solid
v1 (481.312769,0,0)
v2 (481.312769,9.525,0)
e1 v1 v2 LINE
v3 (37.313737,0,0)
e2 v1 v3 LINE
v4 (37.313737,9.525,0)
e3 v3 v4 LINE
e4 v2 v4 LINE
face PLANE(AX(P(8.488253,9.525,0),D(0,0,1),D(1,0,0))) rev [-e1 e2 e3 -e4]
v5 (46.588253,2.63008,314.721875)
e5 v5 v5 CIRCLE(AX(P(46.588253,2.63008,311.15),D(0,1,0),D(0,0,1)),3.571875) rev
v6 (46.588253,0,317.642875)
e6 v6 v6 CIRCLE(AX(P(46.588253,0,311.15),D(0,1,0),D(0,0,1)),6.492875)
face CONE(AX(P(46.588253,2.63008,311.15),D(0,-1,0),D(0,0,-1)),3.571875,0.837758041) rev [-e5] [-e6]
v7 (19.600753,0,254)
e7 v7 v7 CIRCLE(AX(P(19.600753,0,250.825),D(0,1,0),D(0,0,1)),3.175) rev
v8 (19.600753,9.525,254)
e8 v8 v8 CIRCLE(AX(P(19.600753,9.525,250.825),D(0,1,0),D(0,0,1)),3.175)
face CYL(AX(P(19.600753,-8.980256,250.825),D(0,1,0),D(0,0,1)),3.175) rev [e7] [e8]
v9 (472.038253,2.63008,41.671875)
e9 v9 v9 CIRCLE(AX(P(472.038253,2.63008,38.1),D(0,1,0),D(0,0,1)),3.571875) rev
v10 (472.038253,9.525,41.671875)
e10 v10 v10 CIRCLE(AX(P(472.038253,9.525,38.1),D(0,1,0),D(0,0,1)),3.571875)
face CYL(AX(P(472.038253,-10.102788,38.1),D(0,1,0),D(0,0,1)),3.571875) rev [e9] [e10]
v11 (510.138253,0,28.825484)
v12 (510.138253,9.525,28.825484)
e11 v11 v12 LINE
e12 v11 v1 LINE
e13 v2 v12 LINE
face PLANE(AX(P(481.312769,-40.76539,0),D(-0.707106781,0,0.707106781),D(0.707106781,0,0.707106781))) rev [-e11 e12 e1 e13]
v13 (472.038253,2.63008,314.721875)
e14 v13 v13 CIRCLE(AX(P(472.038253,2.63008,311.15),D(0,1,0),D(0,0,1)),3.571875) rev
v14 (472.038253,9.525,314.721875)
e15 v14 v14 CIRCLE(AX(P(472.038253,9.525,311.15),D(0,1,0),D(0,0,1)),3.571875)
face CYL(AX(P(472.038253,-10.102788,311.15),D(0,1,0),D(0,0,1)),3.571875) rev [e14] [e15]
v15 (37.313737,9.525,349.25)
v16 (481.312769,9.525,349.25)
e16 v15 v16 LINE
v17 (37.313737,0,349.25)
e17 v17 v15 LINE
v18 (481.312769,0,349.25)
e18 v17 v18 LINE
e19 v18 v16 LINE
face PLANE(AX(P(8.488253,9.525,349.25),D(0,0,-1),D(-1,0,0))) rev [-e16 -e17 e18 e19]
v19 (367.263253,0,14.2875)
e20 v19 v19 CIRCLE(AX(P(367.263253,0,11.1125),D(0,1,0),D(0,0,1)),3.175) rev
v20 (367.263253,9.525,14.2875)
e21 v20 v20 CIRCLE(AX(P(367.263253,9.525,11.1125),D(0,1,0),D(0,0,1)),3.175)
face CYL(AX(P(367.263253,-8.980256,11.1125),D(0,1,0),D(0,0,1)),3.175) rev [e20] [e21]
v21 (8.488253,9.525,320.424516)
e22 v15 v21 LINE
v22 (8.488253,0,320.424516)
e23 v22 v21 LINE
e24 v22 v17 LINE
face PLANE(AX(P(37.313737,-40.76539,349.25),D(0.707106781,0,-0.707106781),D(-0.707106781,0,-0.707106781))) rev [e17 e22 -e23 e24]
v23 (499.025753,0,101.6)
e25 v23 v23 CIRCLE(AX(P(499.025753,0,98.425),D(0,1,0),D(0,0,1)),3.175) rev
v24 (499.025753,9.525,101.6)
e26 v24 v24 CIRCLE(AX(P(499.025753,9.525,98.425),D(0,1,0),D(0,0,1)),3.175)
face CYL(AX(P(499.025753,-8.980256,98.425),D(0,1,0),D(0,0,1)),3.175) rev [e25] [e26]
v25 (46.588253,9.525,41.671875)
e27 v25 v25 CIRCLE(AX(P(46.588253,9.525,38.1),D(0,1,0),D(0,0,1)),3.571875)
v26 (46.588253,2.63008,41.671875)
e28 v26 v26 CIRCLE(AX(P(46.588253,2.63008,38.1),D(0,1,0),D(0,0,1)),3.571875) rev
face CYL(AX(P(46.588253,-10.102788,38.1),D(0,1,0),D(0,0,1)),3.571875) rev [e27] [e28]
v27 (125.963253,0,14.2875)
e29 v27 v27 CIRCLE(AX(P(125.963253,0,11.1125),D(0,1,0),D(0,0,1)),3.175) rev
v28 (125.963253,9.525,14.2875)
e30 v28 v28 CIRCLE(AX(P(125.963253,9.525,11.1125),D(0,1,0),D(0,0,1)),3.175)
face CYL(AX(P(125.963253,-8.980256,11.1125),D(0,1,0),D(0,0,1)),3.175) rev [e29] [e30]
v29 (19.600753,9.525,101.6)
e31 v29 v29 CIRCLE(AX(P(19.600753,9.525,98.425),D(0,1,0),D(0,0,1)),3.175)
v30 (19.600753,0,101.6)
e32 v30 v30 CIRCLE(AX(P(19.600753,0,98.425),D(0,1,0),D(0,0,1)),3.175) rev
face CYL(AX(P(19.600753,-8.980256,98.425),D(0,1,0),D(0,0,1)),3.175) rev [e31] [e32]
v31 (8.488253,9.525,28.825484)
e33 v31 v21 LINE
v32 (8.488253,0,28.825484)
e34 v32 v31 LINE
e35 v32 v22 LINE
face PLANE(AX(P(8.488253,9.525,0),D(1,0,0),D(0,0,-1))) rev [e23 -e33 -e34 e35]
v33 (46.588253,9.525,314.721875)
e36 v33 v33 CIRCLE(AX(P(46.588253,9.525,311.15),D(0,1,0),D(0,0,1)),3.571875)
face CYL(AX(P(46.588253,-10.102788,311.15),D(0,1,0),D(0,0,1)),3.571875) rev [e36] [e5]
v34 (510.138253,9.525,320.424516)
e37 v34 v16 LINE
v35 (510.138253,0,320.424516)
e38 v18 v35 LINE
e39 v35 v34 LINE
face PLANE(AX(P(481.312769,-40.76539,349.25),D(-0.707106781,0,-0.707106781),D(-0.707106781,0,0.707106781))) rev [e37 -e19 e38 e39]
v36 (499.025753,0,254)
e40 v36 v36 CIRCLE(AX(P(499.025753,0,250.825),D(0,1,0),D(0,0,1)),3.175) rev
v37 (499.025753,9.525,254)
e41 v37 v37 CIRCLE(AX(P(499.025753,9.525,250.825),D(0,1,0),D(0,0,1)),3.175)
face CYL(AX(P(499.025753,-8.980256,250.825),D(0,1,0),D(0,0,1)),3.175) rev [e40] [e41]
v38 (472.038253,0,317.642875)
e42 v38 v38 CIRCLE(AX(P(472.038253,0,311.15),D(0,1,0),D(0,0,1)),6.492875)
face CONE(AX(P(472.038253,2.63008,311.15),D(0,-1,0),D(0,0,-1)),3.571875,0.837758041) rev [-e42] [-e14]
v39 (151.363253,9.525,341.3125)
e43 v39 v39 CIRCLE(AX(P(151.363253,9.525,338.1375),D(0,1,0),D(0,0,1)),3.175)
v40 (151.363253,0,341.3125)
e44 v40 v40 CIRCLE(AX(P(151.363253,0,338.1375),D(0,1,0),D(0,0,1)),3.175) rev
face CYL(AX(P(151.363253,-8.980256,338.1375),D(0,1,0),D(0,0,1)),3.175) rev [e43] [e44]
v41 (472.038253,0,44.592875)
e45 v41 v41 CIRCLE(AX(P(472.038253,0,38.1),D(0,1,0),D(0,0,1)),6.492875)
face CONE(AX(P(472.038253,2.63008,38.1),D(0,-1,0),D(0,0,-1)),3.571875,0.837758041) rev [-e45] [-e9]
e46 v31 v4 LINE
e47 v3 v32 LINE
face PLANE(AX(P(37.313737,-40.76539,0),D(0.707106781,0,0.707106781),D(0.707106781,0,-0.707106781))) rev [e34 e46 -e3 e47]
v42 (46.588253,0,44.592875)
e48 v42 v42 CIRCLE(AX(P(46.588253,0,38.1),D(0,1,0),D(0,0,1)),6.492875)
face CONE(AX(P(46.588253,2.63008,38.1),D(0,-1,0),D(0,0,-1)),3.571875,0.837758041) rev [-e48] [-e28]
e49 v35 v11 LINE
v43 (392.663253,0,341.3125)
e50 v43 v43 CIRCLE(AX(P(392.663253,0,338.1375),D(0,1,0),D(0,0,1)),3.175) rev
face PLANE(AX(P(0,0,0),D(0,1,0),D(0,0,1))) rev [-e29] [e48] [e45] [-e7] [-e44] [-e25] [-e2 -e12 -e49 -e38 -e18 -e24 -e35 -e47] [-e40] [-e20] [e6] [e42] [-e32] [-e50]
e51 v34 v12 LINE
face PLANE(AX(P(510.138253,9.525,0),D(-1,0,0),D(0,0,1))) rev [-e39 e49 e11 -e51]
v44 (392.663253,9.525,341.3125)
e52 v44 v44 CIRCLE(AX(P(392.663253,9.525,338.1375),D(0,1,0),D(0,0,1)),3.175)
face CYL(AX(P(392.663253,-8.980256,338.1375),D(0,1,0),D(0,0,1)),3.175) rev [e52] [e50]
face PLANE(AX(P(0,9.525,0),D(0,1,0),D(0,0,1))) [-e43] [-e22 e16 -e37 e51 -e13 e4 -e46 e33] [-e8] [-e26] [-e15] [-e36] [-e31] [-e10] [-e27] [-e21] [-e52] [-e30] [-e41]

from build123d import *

# Parameters (mm, degrees)
SKETCH1_W           = 501.65
SKETCH1_H           = 349.25
BOSS_EXTRUDE1_DEPTH = 9.525
SKETCH2_R           = 3.175
CUT_EXTRUDE1_DEPTH  = 9.525
SKETCH4_R           = 3.571875
CUT_EXTRUDE2_DEPTH  = 9.525
CHAMFER1_SIZE       = 2.921
CHAMFER1_SIZE2      = 2.630080213
CUT_EXTRUDE3_DEPTH  = 9.525


with BuildPart() as part:
    # Sketch1 → Boss-Extrude1 (new body)
    with BuildSketch(Plane(origin=(0, 0, 0), x_dir=(1, 0, 0), z_dir=(0, 1, 0))):
        with Locations((259.3132527, -174.625)):
            Rectangle(SKETCH1_W, SKETCH1_H)
    extrude(amount=BOSS_EXTRUDE1_DEPTH)

    # Sketch2 → Cut-Extrude1 (cut)
    with BuildSketch(Plane(origin=(0, 9.525, 0), x_dir=(1, 0, 0), z_dir=(0, 1, 0))):
        with Locations((392.6632527, -338.1375)):
            Circle(SKETCH2_R)
        with Locations((151.3632527, -338.1375)):
            Circle(SKETCH2_R)
        with Locations((367.2632527, -11.1125)):
            Circle(SKETCH2_R)
        with Locations((125.9632527, -11.1125)):
            Circle(SKETCH2_R)
        with Locations((19.6007527, -250.825)):
            Circle(SKETCH2_R)
        with Locations((19.6007527, -98.425)):
            Circle(SKETCH2_R)
        with Locations((499.0257527, -250.825)):
            Circle(SKETCH2_R)
        with Locations((499.0257527, -98.425)):
            Circle(SKETCH2_R)
    extrude(amount=-CUT_EXTRUDE1_DEPTH, mode=Mode.SUBTRACT)

    # Sketch4 → Cut-Extrude2 (cut)
    with BuildSketch(Plane(origin=(0, 9.525, 0), x_dir=(1, 0, 0), z_dir=(0, 1, 0))):
        with Locations((472.0382527, -38.1)):
            Circle(SKETCH4_R)
        with Locations((472.0382527, -311.15)):
            Circle(SKETCH4_R)
        with Locations((46.5882527, -311.15)):
            Circle(SKETCH4_R)
        with Locations((46.5882527, -38.1)):
            Circle(SKETCH4_R)
    extrude(amount=-CUT_EXTRUDE2_DEPTH, mode=Mode.SUBTRACT)

    # Chamfer1
    chamfer1_edges = [part.edges().sort_by_distance(p)[0] for p in [
        (43.0163777, 0, 38.1),
        (43.0163777, 0, 311.15),
        (468.4663777, 0, 311.15),
        (468.4663777, 0, 38.1),
    ]]
    chamfer1_side = [part.faces().sort_by_distance(p)[0] for p in [
        (259.3132527, 0, 174.625),
    ]]
    chamfer(chamfer1_edges, length=CHAMFER1_SIZE, length2=CHAMFER1_SIZE2, reference=chamfer1_side[0])

    # Sketch5 → Cut-Extrude3 (cut)
    with BuildSketch(Plane(origin=(0, 9.525, 0), x_dir=(1, 0, 0), z_dir=(0, 1, 0))):
        Polygon((37.3137367, 0), (8.4882527, -28.825484), (8.4882527, 0), align=None)
        Polygon((510.1382527, -28.825484), (510.1382527, 0), (481.3127687, 0), align=None)
        Polygon((481.3127687, -349.25), (510.1382527, -320.424516), (510.1382527, -349.25), align=None)
        Polygon((8.4882527, -320.424516), (8.4882527, -349.25), (37.3137367, -349.25), align=None)
    extrude(amount=-CUT_EXTRUDE3_DEPTH, mode=Mode.SUBTRACT)


solid = part.part
